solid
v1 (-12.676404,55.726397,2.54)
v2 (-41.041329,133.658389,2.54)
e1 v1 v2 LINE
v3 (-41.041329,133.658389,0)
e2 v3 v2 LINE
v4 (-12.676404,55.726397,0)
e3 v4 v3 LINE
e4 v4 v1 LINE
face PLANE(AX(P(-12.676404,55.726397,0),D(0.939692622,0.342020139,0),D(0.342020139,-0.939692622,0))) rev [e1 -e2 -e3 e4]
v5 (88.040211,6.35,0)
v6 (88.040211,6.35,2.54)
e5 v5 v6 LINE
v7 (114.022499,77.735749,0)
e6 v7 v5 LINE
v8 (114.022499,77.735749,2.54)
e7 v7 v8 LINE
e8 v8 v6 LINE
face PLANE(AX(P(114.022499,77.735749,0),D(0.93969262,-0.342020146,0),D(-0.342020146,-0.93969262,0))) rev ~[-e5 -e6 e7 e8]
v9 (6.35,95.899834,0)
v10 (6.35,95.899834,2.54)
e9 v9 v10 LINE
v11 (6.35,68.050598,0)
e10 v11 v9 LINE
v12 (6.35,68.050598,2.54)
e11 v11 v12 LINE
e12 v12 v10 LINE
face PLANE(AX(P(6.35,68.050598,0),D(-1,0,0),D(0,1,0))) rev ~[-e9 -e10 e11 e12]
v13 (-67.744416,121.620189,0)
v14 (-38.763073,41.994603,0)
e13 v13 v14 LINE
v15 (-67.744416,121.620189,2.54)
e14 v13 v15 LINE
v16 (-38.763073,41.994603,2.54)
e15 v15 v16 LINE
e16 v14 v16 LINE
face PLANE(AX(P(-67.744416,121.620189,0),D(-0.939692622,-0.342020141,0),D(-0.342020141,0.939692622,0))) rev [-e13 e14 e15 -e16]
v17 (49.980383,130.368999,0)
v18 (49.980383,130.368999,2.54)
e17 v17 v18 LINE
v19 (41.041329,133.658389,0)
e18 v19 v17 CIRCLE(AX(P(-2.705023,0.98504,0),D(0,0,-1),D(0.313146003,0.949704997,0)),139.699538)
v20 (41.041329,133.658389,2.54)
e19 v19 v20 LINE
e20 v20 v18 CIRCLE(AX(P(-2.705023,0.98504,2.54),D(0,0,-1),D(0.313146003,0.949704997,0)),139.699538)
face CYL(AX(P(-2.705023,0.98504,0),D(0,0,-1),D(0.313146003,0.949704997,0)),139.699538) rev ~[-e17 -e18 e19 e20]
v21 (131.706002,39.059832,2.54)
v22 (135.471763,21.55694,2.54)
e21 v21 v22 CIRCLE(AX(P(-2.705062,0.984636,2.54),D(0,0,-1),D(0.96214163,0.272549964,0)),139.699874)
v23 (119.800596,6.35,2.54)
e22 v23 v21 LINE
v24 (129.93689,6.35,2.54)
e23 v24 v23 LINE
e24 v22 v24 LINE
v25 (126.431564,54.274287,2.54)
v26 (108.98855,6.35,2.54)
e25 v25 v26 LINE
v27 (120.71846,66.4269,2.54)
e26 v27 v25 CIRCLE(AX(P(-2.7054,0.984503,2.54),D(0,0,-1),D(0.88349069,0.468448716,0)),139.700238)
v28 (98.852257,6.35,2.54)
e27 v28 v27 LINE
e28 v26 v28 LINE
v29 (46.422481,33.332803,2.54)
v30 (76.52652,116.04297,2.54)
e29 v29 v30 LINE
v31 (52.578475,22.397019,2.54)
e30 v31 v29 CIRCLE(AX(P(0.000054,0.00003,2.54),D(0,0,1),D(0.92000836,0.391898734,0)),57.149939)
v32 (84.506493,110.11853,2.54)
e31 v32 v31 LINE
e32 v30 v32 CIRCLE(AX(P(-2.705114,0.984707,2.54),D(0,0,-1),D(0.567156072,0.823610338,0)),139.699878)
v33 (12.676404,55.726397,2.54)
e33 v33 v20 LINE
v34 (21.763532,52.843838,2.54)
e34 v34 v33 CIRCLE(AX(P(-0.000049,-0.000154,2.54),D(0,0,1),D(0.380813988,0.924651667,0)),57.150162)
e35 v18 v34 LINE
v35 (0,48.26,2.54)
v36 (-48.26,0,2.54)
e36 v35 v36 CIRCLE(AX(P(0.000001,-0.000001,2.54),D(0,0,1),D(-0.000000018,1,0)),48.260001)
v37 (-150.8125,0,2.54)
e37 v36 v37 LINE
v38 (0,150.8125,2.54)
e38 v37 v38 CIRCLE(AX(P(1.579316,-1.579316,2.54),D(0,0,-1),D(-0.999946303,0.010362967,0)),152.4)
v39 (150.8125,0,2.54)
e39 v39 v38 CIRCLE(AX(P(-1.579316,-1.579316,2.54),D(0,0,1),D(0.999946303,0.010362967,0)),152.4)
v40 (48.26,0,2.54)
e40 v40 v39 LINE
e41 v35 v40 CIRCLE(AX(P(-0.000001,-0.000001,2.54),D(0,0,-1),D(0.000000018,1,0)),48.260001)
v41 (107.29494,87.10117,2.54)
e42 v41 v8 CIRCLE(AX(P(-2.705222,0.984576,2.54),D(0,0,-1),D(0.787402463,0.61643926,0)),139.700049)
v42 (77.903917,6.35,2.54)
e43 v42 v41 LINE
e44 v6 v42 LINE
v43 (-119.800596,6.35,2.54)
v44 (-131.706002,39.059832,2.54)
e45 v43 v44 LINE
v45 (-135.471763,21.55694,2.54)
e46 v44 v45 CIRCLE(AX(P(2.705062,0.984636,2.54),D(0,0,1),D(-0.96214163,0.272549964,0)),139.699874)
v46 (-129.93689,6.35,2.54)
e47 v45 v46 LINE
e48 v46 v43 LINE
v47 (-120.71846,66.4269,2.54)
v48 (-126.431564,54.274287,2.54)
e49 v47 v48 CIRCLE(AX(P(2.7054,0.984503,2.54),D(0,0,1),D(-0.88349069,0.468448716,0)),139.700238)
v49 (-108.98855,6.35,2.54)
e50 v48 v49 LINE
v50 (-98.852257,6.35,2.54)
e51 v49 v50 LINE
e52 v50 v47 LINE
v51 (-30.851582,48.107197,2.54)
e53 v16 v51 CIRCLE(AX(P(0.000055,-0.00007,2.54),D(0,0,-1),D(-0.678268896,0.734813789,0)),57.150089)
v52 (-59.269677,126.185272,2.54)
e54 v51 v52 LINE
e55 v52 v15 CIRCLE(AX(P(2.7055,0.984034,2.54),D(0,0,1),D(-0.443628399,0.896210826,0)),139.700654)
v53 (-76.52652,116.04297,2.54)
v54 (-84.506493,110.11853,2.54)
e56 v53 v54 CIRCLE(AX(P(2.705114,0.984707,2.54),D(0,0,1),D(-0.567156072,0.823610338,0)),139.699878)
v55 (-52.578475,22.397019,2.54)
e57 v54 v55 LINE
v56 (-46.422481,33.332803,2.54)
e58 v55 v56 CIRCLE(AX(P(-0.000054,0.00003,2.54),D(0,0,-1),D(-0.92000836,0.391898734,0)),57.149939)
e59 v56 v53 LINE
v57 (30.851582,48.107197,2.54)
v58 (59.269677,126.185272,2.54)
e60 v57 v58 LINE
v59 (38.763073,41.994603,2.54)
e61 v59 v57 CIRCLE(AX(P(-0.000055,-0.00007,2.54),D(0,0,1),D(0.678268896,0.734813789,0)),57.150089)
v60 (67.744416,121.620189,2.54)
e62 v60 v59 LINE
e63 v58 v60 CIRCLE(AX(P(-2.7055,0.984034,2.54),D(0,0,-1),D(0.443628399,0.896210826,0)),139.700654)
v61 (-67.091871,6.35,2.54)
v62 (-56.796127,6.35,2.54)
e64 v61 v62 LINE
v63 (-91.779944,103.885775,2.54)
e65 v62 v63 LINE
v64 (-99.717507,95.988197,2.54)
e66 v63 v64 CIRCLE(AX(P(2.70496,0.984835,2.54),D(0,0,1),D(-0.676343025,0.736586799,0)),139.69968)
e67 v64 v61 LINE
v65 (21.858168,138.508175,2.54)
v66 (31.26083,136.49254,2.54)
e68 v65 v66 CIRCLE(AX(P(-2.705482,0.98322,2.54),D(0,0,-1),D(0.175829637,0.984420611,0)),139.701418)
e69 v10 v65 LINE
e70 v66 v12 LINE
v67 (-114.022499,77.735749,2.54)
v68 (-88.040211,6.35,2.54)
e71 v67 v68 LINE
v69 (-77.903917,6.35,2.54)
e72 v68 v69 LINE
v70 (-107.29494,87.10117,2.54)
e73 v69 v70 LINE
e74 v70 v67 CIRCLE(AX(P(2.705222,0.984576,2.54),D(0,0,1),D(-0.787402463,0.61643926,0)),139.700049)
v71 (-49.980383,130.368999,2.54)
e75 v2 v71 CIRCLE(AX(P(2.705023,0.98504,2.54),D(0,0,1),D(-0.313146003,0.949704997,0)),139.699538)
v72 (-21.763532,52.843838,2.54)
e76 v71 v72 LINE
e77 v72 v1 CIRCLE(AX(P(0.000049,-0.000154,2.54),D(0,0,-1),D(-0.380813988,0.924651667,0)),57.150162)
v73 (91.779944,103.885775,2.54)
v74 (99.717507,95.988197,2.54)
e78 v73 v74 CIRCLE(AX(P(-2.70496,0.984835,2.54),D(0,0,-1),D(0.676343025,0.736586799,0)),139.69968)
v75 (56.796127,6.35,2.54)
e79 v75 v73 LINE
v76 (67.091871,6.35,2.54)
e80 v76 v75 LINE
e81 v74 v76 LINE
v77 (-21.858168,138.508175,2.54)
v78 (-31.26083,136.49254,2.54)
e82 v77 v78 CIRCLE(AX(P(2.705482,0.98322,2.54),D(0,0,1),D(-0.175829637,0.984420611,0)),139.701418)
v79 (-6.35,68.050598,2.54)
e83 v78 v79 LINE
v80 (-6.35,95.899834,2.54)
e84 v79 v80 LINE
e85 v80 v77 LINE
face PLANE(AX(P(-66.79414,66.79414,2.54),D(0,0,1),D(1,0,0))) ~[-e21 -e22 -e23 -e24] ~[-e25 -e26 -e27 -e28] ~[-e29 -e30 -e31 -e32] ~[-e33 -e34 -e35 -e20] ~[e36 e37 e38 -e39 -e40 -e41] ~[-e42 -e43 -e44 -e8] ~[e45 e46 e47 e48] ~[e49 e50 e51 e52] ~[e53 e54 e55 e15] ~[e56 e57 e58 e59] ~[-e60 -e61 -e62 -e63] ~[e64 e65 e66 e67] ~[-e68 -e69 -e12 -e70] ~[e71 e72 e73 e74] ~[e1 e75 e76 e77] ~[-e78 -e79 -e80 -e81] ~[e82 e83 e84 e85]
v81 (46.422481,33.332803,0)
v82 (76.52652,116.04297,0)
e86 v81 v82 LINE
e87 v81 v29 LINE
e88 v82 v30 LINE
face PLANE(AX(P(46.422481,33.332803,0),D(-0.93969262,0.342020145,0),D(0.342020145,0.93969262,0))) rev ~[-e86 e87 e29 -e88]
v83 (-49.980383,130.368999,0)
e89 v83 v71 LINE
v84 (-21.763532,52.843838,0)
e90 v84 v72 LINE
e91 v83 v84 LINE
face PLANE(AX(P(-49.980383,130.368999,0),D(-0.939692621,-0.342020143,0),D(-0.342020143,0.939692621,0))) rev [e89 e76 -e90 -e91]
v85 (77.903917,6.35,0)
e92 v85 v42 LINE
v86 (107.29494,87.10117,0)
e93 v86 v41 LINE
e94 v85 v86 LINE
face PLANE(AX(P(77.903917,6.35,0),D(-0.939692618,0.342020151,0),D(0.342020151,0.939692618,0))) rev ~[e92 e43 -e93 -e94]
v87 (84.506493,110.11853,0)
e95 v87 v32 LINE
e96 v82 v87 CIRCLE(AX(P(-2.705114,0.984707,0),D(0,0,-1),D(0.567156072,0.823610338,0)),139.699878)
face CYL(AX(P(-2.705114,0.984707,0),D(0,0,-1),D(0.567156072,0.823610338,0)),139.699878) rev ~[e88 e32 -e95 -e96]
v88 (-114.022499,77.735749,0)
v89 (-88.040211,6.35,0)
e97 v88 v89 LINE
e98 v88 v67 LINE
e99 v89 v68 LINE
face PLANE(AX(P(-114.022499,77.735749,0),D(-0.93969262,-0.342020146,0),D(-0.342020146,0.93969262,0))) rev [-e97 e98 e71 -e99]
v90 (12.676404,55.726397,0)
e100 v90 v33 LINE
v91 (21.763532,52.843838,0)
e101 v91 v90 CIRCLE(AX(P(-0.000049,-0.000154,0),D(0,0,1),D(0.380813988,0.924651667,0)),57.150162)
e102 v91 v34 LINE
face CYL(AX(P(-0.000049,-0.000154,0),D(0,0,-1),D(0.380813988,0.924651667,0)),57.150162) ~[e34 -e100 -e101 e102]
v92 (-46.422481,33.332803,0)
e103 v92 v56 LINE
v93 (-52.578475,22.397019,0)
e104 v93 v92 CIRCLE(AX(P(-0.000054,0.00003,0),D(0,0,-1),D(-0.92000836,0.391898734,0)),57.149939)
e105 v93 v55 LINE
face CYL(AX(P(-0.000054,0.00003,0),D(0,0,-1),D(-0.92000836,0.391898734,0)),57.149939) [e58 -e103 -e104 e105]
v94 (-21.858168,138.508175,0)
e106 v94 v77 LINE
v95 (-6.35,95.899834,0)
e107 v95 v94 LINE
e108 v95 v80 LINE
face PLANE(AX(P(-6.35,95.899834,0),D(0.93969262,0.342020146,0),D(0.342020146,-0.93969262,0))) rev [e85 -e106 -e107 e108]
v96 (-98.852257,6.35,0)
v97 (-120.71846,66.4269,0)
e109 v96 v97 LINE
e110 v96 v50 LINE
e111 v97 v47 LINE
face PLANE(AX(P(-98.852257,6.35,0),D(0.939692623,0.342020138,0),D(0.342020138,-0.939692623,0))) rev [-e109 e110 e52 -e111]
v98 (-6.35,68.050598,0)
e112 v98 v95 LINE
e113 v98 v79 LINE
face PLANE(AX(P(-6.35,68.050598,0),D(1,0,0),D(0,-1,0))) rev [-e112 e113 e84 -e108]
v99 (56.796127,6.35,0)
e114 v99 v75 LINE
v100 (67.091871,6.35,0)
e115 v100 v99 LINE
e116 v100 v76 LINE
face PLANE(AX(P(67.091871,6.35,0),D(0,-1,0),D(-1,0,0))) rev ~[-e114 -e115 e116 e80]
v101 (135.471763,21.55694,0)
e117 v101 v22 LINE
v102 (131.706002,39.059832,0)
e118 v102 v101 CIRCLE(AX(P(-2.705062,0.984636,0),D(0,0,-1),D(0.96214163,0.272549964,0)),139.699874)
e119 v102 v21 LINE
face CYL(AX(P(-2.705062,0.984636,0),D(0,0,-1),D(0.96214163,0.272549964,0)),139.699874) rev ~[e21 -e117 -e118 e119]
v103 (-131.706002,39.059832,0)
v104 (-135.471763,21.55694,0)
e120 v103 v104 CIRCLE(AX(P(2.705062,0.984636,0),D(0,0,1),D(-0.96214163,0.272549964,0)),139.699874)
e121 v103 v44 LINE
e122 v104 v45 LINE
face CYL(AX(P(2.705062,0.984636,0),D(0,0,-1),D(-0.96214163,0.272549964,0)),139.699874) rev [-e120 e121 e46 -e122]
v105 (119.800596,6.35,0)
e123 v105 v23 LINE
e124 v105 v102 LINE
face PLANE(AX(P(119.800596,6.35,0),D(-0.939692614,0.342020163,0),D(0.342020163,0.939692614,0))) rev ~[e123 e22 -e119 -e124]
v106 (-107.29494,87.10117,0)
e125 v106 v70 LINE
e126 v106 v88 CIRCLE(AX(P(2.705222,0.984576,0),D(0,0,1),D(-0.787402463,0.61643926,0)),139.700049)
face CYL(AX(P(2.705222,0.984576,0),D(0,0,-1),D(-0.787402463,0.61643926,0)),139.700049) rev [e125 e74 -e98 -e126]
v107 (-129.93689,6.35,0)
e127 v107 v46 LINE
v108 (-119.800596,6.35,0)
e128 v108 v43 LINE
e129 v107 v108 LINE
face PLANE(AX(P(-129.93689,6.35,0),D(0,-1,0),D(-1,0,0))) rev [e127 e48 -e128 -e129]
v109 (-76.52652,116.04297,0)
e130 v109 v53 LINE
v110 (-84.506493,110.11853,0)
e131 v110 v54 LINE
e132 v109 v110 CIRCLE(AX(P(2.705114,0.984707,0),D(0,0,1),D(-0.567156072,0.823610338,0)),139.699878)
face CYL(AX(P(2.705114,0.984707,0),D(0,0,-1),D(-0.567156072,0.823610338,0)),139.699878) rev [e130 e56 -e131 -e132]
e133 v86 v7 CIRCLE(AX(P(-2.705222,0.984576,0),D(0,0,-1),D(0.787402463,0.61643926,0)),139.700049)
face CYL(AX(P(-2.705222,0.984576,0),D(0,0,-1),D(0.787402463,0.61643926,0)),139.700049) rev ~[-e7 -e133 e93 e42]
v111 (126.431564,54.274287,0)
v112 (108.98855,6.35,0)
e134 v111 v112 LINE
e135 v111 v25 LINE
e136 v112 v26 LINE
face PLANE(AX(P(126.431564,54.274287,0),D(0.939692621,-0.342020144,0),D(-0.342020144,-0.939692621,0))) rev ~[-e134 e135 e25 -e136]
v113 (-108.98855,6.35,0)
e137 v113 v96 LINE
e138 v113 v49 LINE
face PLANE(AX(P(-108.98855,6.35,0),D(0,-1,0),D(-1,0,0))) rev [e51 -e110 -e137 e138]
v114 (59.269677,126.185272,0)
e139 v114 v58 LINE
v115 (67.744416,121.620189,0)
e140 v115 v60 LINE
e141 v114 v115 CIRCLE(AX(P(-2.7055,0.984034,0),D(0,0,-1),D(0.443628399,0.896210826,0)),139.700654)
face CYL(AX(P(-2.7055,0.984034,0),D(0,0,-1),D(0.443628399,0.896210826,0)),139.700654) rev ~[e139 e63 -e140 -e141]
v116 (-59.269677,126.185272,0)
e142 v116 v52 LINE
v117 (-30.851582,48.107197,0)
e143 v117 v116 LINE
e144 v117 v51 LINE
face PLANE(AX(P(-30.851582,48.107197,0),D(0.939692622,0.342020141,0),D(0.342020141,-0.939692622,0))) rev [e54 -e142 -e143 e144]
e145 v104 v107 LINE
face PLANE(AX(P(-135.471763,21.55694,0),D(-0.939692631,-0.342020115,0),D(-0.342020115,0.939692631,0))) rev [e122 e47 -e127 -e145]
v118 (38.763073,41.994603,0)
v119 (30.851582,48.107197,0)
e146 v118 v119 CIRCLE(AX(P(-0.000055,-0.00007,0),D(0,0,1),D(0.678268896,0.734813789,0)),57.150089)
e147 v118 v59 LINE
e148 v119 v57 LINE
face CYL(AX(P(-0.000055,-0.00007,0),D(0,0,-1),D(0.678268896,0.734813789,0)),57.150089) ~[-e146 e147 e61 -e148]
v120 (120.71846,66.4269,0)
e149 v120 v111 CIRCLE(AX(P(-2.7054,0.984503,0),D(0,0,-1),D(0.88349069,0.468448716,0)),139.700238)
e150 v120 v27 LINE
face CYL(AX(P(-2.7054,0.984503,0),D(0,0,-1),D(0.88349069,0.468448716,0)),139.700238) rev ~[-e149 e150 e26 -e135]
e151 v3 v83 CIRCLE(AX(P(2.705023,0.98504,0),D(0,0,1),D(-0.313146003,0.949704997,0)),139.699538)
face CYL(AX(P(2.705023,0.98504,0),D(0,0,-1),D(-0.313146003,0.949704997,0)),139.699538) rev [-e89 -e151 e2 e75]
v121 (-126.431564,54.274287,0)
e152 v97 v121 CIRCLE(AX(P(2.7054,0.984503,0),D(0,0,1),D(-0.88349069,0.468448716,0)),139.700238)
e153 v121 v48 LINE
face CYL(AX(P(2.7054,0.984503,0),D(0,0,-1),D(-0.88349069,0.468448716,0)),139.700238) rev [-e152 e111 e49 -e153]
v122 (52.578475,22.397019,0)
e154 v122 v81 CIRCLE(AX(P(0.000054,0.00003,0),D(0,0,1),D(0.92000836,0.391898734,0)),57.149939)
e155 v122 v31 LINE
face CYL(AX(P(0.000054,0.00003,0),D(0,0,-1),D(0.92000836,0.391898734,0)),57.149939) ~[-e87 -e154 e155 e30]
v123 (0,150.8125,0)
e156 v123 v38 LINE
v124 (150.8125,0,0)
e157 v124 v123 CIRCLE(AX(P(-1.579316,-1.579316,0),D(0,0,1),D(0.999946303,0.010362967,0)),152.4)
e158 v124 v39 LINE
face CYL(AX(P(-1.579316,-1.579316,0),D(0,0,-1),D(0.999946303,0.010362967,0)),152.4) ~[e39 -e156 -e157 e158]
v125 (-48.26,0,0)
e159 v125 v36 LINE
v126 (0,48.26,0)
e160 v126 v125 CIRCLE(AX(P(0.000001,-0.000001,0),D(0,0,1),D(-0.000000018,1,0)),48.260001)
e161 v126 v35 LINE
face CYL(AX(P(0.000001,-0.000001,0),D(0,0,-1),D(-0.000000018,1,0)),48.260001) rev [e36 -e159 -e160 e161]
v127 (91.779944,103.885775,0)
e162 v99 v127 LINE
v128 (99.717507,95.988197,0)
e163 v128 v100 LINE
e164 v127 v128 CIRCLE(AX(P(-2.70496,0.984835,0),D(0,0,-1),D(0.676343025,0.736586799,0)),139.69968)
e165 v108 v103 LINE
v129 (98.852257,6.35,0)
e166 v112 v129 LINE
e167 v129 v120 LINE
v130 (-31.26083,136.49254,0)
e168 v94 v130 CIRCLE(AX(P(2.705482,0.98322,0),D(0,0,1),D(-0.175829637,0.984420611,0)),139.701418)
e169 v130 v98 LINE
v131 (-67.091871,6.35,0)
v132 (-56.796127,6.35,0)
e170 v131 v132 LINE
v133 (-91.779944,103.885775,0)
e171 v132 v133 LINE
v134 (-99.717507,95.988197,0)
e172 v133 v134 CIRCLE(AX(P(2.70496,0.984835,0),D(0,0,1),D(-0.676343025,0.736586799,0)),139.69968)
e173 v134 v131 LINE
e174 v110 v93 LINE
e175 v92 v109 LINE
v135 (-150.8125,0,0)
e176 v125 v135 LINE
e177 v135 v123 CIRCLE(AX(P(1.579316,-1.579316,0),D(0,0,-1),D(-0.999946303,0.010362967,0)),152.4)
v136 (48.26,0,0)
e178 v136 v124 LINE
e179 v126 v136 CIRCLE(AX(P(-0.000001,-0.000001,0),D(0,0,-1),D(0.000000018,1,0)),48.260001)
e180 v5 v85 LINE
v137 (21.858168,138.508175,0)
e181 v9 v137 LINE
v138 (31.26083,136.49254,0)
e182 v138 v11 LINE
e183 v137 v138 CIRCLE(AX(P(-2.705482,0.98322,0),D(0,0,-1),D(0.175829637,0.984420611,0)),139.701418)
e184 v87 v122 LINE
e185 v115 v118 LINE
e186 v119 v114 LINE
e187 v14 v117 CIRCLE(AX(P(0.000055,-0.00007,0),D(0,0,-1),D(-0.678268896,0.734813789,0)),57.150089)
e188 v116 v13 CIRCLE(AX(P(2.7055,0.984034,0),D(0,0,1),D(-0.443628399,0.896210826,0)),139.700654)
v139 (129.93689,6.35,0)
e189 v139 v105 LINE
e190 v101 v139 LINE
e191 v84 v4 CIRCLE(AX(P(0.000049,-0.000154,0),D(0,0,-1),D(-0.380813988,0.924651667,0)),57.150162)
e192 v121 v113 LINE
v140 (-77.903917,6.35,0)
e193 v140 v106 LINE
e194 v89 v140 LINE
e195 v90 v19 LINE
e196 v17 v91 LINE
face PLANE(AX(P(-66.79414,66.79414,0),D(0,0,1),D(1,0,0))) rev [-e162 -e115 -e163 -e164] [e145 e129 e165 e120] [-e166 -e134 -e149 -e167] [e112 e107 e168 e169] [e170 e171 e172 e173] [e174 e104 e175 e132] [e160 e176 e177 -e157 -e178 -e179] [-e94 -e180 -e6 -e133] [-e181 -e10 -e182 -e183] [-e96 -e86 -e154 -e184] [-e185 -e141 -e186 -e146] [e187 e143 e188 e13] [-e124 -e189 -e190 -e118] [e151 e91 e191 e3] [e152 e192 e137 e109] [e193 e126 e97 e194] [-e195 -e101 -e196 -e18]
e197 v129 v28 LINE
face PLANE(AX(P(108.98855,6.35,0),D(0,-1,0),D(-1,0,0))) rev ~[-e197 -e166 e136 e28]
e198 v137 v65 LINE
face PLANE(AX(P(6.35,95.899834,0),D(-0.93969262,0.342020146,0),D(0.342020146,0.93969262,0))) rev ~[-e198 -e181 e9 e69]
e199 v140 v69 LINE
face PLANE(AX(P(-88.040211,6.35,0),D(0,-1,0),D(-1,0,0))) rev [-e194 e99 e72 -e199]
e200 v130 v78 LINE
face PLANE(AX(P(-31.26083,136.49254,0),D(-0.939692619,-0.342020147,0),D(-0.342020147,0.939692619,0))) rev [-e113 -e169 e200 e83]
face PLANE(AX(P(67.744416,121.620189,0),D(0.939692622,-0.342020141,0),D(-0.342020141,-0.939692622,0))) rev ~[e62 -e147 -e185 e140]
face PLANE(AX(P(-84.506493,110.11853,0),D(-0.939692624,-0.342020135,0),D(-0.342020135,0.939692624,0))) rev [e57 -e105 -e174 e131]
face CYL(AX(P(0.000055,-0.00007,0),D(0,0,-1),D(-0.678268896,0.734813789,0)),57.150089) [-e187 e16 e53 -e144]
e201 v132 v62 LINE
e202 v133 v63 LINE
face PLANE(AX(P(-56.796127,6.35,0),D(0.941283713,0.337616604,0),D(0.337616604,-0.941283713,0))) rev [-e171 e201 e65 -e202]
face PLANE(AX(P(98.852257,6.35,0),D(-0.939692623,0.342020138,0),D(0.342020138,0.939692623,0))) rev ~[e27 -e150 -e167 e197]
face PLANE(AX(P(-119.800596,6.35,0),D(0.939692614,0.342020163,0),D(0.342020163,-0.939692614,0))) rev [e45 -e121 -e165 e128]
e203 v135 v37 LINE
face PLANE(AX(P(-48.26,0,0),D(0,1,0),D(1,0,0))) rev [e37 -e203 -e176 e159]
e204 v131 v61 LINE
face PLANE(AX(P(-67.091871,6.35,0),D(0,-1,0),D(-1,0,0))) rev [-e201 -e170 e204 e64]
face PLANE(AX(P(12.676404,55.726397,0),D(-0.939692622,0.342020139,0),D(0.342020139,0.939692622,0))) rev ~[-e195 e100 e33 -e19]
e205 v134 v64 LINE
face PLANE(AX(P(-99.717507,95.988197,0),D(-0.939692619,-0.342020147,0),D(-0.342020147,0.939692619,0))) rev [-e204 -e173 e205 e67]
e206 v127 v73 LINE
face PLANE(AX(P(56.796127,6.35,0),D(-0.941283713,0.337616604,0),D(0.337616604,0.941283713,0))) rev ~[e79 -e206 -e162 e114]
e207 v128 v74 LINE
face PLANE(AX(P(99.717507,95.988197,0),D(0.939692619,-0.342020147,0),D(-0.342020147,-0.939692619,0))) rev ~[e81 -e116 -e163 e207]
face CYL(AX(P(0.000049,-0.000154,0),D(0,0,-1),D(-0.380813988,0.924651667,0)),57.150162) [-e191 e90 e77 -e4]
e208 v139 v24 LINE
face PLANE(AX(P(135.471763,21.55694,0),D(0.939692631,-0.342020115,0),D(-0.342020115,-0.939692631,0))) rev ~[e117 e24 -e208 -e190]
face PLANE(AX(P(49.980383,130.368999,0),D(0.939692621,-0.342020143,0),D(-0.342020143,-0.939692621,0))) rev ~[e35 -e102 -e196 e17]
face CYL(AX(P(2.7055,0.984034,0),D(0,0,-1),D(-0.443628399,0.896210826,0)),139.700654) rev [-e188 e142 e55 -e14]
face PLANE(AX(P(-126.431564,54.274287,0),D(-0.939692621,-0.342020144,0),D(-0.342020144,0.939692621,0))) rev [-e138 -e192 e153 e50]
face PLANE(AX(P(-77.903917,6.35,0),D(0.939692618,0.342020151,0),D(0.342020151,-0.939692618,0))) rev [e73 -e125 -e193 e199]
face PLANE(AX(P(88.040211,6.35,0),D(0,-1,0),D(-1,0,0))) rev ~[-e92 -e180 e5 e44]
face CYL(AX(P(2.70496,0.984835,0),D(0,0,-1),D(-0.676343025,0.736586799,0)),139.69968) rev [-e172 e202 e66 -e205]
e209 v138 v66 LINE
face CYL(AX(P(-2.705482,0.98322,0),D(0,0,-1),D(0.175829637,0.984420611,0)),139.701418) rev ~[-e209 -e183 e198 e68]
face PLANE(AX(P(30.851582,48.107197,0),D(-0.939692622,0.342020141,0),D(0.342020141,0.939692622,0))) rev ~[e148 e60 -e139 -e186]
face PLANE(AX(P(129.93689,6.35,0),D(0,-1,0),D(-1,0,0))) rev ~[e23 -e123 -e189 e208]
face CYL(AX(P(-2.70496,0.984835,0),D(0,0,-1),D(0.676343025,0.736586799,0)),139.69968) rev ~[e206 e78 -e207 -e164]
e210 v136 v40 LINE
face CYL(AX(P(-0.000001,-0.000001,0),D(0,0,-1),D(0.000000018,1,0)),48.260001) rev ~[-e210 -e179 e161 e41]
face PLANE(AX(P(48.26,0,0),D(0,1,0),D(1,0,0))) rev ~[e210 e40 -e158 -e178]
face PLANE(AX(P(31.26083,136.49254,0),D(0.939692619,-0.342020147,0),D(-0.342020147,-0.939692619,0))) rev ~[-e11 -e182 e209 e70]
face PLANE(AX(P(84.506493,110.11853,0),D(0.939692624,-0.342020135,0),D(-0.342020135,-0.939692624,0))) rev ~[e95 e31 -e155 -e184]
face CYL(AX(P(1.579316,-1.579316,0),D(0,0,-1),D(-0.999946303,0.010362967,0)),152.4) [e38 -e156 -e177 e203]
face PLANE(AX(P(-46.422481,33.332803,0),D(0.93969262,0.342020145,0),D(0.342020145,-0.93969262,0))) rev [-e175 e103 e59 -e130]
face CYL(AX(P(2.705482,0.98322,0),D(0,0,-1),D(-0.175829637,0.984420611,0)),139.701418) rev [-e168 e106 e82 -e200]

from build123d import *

# Parameters (mm, degrees)
F1_DEPTH = 2.54


with BuildPart() as f1:
    # F0 (on Top) → F1 (new body)
    with BuildSketch(Plane.XY):
        with BuildLine():
            ThreePointArc((0, 48.26), (34.124973, 34.124973), (48.26, 0))
            Line((48.26, 0), (150.8125, 0))
            ThreePointArc((150.8125, 0), (106.183757, 106.183757), (0, 150.8125))
            Line((0, 150.8125), (0, 48.26))
        make_face()
        with BuildLine():
            Line((84.506493, 110.11853), (52.578475, 22.397019))
            ThreePointArc((52.578475, 22.397019), (49.801558, 28.034396), (46.422481, 33.332803))
            Line((46.422481, 33.332803), (76.52652, 116.04297))
            ThreePointArc((76.52652, 116.04297), (80.569209, 113.151738), (84.506493, 110.11853))
        make_face(mode=Mode.SUBTRACT)
        with BuildLine():
            Line((108.98855, 6.35), (98.852257, 6.35))
            Line((98.852257, 6.35), (120.71846, 66.4269))
            ThreePointArc((120.71846, 66.4269), (123.721116, 60.419279), (126.431564, 54.274287))
            Line((126.431564, 54.274287), (108.98855, 6.35))
        make_face(mode=Mode.SUBTRACT)
        with BuildLine():
            ThreePointArc((131.706002, 39.059832), (133.869559, 30.368774), (135.471763, 21.55694))
            Line((135.471763, 21.55694), (129.93689, 6.35))
            Line((129.93689, 6.35), (119.800596, 6.35))
            Line((119.800596, 6.35), (131.706002, 39.059832))
        make_face(mode=Mode.SUBTRACT)
        with BuildLine():
            Line((67.091871, 6.35), (56.796127, 6.35))
            Line((56.796127, 6.35), (91.779944, 103.885775))
            ThreePointArc((91.779944, 103.885775), (95.827883, 100.016544), (99.717507, 95.988197))
            Line((99.717507, 95.988197), (67.091871, 6.35))
        make_face(mode=Mode.SUBTRACT)
        with BuildLine():
            Line((88.040211, 6.35), (77.903917, 6.35))
            Line((77.903917, 6.35), (107.29494, 87.10117))
            ThreePointArc((107.29494, 87.10117), (110.755392, 82.487904), (114.022499, 77.735749))
            Line((114.022499, 77.735749), (88.040211, 6.35))
        make_face(mode=Mode.SUBTRACT)
        with BuildLine():
            ThreePointArc((21.763532, 52.843838), (17.280179, 54.474929), (12.676404, 55.726397))
            Line((12.676404, 55.726397), (41.041329, 133.658389))
            ThreePointArc((41.041329, 133.658389), (45.538899, 132.089902), (49.980383, 130.368999))
            Line((49.980383, 130.368999), (21.763532, 52.843838))
        make_face(mode=Mode.SUBTRACT)
        with BuildLine():
            Line((31.26083, 136.49254), (6.35, 68.050598))
            Line((6.35, 68.050598), (6.35, 95.899834))
            Line((6.35, 95.899834), (21.858168, 138.508175))
            ThreePointArc((21.858168, 138.508175), (26.576847, 137.581285), (31.26083, 136.49254))
        make_face(mode=Mode.SUBTRACT)
        with BuildLine():
            ThreePointArc((38.763073, 41.994603), (34.94125, 45.224236), (30.851582, 48.107197))
            Line((30.851582, 48.107197), (59.269677, 126.185272))
            ThreePointArc((59.269677, 126.185272), (63.546378, 123.975746), (67.744416, 121.620189))
            Line((67.744416, 121.620189), (38.763073, 41.994603))
        make_face(mode=Mode.SUBTRACT)
    extrude(amount=F1_DEPTH)

    # F2: F1 across plane


with BuildPart() as f1_1:
    add(f1.part)
    add(f1.part.mirror(Plane.YZ))


solid = f1_1.part
